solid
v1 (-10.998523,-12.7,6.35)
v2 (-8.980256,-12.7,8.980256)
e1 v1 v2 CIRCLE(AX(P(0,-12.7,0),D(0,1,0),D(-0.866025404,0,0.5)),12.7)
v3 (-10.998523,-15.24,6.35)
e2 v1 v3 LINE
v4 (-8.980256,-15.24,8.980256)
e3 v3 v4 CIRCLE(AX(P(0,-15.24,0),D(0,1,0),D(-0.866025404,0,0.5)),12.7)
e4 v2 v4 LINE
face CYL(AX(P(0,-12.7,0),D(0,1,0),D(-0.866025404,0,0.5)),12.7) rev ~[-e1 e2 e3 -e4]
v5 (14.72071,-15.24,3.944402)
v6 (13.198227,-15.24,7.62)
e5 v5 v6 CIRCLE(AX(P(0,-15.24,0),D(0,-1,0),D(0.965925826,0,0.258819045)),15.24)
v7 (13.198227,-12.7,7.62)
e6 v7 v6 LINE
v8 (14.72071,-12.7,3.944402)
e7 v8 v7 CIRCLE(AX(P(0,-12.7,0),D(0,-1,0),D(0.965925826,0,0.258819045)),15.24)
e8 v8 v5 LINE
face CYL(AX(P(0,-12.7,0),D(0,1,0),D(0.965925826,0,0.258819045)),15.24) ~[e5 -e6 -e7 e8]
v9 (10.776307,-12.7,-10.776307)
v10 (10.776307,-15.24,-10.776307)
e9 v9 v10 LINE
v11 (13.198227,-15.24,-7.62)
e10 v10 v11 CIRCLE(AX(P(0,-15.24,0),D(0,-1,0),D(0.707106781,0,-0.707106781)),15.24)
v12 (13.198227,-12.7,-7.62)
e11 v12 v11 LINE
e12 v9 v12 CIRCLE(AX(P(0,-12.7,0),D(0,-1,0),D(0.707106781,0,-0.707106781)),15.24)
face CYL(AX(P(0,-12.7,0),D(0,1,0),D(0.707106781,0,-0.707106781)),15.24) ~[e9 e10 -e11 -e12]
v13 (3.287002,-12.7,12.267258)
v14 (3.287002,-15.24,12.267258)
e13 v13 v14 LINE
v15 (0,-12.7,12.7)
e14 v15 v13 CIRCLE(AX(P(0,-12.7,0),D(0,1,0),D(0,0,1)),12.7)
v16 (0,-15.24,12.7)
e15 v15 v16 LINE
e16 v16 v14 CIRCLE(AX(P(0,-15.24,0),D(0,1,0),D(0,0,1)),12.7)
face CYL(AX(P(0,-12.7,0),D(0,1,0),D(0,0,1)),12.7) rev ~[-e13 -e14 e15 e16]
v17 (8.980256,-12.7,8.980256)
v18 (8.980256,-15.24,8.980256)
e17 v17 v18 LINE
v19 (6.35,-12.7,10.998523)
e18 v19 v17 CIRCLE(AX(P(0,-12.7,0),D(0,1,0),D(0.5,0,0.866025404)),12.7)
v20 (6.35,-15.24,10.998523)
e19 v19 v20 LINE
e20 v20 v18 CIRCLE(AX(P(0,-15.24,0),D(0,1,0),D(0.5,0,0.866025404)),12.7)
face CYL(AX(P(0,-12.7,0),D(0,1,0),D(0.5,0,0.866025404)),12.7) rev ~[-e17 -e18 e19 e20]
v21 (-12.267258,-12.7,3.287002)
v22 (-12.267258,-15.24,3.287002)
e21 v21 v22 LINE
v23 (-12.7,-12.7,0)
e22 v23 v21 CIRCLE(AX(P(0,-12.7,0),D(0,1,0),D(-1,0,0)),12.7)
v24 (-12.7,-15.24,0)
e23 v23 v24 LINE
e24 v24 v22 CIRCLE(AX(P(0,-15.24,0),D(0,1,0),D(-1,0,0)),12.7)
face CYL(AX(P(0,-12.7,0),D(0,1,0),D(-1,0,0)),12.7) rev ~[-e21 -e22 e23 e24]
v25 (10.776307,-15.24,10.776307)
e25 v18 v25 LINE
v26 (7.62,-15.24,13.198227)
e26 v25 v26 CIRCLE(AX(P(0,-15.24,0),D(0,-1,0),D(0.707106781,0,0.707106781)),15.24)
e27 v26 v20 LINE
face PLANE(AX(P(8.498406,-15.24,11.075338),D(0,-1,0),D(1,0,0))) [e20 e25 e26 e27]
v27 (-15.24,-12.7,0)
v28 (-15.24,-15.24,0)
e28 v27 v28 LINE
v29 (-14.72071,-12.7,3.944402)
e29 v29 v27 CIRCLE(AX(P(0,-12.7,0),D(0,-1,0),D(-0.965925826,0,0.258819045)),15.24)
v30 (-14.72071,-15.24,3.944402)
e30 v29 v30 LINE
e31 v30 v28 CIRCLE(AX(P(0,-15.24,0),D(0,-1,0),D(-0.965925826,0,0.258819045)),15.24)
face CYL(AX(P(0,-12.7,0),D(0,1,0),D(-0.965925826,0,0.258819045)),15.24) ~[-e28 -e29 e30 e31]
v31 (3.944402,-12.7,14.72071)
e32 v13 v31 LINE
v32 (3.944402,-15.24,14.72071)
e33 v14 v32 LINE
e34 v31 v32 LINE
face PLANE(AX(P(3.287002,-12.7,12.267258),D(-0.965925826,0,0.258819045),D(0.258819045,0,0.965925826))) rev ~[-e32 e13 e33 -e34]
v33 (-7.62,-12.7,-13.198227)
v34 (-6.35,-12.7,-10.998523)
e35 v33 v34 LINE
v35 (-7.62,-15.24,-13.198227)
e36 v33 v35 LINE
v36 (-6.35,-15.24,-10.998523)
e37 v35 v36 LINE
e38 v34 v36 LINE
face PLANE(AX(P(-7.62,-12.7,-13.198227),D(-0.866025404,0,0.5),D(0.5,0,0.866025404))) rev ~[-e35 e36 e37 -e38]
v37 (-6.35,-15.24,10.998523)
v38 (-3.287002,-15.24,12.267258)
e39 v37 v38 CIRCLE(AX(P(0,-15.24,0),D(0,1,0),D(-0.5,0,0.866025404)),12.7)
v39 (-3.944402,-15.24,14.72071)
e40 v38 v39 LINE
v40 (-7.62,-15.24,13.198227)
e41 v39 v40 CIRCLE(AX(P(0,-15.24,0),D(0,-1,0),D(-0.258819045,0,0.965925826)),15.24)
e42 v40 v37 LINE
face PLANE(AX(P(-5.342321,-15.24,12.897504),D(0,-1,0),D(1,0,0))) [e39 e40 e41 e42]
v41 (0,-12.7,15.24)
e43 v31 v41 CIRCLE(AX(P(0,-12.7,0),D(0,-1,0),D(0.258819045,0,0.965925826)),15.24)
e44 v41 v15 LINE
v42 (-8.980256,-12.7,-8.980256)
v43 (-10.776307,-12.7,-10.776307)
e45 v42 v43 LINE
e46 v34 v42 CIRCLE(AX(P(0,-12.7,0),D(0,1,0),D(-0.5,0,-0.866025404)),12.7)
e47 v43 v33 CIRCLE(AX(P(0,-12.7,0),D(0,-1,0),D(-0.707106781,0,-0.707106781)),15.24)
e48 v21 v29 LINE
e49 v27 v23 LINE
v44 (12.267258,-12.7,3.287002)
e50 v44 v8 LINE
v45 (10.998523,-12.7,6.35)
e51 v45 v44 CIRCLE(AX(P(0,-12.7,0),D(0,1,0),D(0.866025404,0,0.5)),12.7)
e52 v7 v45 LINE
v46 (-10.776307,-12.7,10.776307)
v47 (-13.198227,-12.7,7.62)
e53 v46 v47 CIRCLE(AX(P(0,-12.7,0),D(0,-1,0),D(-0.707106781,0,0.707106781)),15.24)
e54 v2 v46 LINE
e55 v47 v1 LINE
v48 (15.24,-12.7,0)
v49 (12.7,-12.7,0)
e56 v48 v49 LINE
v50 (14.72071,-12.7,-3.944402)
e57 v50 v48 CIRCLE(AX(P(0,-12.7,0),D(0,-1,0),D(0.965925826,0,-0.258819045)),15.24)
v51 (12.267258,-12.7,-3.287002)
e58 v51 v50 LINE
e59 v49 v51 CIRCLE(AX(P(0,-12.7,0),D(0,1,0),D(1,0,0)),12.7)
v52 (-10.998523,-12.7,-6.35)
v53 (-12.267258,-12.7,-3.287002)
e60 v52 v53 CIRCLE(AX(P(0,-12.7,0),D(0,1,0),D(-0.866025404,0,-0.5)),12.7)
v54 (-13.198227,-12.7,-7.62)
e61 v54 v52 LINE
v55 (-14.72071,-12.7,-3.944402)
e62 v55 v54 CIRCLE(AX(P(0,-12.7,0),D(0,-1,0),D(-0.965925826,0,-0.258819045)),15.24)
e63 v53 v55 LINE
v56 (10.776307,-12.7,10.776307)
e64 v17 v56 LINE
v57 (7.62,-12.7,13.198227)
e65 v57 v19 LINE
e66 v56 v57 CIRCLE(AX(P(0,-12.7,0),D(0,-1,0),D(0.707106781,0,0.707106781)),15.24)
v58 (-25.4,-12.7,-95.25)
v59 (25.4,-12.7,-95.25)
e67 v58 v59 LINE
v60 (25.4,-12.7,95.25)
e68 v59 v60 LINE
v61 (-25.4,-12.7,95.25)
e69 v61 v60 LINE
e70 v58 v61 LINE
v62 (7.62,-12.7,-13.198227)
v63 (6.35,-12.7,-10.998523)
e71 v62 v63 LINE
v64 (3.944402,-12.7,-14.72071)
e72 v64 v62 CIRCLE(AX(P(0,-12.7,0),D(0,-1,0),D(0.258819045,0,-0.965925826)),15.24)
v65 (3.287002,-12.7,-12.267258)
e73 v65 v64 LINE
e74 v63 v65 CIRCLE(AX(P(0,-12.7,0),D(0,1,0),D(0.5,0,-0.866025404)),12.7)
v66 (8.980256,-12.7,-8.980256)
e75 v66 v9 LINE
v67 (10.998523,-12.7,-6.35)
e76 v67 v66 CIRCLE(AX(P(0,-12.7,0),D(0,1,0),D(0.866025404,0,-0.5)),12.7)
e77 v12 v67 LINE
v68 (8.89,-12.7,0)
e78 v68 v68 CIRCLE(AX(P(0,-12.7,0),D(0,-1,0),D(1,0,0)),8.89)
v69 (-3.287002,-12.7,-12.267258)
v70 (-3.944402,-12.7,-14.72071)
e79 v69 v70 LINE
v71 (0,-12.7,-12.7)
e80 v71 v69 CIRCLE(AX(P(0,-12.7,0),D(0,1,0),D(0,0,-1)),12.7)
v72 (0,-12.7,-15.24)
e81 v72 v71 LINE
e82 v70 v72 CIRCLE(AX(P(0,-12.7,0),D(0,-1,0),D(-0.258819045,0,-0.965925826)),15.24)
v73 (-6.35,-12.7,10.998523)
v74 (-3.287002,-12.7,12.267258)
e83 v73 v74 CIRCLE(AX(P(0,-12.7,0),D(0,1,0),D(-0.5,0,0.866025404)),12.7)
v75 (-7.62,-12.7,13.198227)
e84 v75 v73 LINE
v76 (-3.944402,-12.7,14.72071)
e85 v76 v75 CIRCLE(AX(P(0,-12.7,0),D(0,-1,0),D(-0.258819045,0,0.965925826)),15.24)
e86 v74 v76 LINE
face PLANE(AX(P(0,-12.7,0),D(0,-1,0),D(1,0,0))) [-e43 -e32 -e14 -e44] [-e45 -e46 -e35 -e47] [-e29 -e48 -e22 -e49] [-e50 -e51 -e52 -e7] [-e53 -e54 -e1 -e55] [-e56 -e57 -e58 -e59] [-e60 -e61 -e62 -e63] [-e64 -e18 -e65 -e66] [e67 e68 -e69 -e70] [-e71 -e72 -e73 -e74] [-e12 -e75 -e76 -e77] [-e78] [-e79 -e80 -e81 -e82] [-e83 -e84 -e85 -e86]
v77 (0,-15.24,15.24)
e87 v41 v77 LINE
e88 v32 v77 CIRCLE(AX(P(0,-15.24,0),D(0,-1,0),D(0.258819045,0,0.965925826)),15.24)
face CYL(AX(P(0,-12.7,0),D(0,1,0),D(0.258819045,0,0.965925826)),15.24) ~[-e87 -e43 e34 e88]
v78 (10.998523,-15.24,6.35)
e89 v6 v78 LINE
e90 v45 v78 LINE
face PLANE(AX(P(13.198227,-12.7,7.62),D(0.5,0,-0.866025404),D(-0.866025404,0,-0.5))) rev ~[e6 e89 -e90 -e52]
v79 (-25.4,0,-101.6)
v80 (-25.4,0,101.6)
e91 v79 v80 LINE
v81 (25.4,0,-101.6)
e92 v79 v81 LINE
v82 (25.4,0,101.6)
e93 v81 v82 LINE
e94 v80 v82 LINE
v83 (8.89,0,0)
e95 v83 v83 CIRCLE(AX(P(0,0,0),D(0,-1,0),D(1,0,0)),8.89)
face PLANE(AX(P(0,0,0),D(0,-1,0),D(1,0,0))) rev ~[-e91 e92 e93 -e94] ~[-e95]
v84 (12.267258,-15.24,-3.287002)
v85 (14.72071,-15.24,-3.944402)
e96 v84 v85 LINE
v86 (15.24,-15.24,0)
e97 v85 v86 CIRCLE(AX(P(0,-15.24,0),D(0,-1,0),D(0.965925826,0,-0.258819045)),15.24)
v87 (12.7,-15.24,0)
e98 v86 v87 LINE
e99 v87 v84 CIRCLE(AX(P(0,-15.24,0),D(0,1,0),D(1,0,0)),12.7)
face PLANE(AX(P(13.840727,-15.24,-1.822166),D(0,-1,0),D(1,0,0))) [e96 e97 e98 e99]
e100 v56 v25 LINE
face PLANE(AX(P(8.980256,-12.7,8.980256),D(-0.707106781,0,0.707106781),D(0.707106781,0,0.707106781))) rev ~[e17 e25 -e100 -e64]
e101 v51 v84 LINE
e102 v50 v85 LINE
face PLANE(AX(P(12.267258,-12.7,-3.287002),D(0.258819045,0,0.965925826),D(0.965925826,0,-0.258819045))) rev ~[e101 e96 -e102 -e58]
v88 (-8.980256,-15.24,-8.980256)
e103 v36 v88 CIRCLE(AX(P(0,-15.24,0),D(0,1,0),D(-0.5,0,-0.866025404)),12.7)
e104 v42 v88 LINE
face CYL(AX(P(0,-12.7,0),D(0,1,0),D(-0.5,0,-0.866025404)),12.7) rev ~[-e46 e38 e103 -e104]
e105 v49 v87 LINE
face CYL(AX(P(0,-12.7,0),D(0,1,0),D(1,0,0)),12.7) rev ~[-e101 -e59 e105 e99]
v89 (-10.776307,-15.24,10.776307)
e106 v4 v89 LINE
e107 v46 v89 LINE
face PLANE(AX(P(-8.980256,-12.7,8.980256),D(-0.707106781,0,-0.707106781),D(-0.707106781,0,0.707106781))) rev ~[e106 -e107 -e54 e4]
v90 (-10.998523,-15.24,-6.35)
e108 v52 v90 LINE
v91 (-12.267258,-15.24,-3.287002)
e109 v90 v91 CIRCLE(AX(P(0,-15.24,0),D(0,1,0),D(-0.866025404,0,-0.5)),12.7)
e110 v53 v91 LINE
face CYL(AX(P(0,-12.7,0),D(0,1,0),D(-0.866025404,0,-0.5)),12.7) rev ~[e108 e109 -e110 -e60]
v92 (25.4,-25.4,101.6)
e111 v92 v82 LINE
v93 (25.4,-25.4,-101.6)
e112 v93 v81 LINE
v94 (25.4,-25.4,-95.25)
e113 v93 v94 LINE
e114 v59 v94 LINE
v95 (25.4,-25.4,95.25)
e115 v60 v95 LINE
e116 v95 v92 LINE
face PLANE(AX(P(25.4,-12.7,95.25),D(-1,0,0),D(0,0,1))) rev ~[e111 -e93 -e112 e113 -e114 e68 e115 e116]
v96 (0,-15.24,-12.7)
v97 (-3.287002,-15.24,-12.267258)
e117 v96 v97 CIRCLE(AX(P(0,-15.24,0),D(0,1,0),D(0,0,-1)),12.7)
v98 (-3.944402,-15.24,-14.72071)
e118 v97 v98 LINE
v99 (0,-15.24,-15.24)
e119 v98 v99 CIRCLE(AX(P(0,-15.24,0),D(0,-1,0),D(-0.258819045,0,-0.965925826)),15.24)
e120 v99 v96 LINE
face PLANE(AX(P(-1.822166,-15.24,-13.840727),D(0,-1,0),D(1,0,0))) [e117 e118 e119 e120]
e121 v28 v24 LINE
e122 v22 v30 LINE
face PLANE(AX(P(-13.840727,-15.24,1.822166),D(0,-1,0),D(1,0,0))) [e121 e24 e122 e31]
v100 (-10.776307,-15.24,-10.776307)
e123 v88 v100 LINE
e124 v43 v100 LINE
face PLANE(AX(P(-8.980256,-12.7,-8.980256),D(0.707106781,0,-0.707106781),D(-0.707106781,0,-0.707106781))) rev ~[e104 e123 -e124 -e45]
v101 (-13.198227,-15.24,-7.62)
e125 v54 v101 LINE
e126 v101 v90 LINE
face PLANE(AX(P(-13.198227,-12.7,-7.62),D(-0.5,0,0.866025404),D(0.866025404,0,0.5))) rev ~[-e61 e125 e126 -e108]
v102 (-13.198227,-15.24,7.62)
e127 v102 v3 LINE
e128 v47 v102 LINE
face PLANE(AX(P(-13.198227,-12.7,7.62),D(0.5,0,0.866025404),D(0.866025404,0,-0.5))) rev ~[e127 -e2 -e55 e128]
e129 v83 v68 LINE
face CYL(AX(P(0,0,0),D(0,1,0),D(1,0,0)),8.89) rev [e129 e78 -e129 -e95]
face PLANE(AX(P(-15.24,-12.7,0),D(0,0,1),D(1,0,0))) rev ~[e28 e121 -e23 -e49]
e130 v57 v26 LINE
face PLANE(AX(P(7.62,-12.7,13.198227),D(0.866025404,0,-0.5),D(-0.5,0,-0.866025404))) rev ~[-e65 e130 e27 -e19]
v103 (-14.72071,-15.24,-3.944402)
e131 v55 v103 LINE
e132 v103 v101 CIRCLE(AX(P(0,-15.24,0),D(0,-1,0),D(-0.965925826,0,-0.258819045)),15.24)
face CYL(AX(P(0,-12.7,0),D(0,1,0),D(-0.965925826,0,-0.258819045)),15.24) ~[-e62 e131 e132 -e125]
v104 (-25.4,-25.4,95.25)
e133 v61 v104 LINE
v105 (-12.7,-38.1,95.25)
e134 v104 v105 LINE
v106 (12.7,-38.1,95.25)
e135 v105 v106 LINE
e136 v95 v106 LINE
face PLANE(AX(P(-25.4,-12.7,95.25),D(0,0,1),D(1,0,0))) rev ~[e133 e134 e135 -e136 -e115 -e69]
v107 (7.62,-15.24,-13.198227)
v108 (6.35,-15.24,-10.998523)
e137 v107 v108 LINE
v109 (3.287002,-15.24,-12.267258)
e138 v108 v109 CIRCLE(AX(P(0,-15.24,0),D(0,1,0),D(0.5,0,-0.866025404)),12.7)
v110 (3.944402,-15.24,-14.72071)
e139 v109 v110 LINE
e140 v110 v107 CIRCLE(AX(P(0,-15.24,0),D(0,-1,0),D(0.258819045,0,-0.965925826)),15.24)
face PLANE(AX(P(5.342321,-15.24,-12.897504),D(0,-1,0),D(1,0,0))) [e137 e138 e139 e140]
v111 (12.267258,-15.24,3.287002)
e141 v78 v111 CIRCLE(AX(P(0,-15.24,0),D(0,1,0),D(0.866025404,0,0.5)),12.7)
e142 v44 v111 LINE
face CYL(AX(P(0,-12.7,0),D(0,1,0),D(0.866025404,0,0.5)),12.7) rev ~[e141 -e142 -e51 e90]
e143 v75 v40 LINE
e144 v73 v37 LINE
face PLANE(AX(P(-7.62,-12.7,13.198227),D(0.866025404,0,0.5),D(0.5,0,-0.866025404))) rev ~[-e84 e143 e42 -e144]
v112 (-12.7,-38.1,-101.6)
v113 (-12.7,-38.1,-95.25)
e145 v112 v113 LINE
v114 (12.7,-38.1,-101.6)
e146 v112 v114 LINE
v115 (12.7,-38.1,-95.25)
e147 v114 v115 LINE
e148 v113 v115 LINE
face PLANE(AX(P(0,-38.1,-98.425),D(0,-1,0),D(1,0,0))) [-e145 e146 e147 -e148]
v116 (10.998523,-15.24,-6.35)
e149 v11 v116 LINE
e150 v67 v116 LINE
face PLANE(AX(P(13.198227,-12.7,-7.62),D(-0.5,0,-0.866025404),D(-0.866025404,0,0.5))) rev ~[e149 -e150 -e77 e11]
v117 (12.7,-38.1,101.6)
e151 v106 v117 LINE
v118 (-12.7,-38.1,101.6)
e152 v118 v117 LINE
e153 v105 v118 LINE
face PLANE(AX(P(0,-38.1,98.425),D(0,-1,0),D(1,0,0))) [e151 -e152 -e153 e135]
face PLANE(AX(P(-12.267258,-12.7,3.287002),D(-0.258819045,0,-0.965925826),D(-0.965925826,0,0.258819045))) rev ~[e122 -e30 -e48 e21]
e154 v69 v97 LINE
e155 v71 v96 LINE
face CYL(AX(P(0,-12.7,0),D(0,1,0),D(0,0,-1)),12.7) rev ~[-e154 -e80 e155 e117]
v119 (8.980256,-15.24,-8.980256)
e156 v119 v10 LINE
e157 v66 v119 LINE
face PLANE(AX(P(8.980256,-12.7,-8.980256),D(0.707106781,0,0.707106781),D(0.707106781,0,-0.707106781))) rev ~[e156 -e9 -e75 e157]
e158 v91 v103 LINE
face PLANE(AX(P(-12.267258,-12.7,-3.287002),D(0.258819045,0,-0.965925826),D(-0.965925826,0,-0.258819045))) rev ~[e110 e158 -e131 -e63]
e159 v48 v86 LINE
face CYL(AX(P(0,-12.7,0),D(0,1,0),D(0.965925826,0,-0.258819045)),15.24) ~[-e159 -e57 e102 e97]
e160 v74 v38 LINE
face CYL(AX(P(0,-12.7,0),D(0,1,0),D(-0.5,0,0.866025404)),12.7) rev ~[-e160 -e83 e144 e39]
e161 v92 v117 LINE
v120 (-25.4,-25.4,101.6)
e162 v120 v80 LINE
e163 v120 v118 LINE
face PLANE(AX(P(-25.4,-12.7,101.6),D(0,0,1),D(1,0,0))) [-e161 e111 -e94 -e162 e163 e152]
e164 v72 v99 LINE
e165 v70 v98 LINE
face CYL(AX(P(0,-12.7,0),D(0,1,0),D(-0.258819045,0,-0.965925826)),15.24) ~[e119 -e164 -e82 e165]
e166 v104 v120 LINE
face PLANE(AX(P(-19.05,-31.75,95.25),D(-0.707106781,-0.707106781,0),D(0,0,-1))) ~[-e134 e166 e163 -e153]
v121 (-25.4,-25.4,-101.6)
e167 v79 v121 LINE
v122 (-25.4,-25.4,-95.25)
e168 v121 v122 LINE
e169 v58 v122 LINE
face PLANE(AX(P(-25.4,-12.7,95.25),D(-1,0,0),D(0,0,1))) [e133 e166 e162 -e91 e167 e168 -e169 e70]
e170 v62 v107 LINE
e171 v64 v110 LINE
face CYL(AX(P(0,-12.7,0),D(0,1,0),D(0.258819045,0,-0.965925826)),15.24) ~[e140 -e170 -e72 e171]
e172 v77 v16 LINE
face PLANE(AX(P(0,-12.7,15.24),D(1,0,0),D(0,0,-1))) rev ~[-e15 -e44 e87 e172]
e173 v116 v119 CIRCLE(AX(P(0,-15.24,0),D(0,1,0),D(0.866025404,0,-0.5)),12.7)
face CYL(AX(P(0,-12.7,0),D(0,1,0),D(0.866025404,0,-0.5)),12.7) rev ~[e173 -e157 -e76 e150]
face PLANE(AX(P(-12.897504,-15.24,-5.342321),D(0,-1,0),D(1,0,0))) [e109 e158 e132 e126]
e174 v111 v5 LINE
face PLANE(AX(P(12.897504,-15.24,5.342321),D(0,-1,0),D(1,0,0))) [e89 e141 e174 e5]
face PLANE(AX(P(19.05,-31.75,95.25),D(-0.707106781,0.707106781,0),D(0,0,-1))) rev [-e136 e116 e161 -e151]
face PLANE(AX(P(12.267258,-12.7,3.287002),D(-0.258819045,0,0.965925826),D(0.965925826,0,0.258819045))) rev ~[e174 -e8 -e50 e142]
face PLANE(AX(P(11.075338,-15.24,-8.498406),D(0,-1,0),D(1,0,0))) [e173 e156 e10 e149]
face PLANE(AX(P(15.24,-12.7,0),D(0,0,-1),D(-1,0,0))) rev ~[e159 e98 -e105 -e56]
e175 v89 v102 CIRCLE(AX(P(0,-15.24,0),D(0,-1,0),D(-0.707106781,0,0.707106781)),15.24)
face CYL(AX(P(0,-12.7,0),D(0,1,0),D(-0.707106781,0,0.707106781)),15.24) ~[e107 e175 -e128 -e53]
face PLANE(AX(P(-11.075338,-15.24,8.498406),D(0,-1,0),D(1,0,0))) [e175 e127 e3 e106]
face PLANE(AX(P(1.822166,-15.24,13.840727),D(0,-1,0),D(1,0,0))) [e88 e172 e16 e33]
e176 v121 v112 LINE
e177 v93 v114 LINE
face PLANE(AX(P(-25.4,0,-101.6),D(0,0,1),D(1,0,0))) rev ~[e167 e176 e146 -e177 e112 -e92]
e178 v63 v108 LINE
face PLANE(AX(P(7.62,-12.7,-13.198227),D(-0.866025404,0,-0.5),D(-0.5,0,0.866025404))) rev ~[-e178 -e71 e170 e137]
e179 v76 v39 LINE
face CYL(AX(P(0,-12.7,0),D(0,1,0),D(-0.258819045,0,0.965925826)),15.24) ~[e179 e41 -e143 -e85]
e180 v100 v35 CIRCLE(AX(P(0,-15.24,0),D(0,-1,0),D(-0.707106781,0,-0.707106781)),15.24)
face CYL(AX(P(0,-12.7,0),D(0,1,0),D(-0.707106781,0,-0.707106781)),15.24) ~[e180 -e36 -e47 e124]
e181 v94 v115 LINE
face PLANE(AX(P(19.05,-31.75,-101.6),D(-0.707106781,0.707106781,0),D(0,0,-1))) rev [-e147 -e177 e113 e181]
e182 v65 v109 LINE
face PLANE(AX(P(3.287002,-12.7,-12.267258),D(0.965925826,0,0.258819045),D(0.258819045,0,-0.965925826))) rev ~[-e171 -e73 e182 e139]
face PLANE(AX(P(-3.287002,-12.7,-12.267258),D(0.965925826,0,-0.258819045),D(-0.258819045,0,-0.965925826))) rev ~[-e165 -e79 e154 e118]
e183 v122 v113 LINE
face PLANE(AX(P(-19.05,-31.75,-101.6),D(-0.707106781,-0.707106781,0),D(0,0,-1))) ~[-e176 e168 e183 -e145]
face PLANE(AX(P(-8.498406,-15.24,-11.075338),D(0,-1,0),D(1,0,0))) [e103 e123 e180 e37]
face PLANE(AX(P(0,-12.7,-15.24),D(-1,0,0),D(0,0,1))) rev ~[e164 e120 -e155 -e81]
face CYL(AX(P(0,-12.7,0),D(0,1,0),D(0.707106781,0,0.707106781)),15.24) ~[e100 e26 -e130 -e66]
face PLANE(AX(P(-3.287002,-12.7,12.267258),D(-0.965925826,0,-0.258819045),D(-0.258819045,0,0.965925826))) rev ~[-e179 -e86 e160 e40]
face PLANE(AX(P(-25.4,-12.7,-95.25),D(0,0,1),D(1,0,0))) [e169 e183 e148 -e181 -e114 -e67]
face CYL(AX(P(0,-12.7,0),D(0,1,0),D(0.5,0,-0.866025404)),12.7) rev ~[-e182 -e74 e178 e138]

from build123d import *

# Parameters (mm, degrees)
F0_W     = 50.8
F0_H     = 203.2
F0_R     = 8.89
F1_DEPTH = 12.7
F3_DEPTH = 2.54
F4_W     = 50.8
F4_H     = 6.35
F5_DEPTH = 25.4
F6_SIZE  = 12.7


with BuildPart() as f1:
    # F0 (on Front) → F1 (new body)
    with BuildSketch(Plane.XZ):
        Rectangle(F0_W, F0_H)
        Circle(F0_R, mode=Mode.SUBTRACT)
    extrude(amount=F1_DEPTH)

    # F2 (on face) → F3 (join)
    with BuildSketch(Plane.XZ.offset(12.7)):
        with BuildLine():
            Line((-13.1982271537, 7.62), (-10.9985226281, 6.35))
            ThreePointArc((-10.9985226281, 6.35), (-10.0755874217, 7.7312701484), (-8.9802561211, 8.9802561211))
            Line((-8.9802561211, 8.9802561211), (-10.7763073453, 10.7763073453))
            ThreePointArc((-10.7763073453, 10.7763073453), (-12.090704906, 9.2775241781), (-13.1982271537, 7.62))
        make_face()
        with BuildLine():
            Line((-15.24, 0), (-12.7, 0))
            ThreePointArc((-12.7, 0), (-12.5913497394, 1.6576826412), (-12.2672579939, 3.2870018728))
            Line((-12.2672579939, 3.2870018728), (-14.7207095926, 3.9444022474))
            ThreePointArc((-14.7207095926, 3.9444022474), (-15.1096196873, 1.9892191694), (-15.24, 0))
        make_face()
        with BuildLine():
            Line((-13.1982271537, -7.62), (-10.9985226281, -6.35))
            ThreePointArc((-10.9985226281, -6.35), (-11.7332700629, -4.860079591), (-12.2672579939, -3.2870018728))
            Line((-12.2672579939, -3.2870018728), (-14.7207095926, -3.9444022474))
            ThreePointArc((-14.7207095926, -3.9444022474), (-14.0799240755, -5.8320955092), (-13.1982271537, -7.62))
        make_face()
        with BuildLine():
            Line((-7.62, -13.1982271537), (-6.35, -10.9985226281))
            ThreePointArc((-6.35, -10.9985226281), (-7.7312701484, -10.0755874217), (-8.9802561211, -8.9802561211))
            Line((-8.9802561211, -8.9802561211), (-10.7763073453, -10.7763073453))
            ThreePointArc((-10.7763073453, -10.7763073453), (-9.2775241781, -12.090704906), (-7.62, -13.1982271537))
        make_face()
        with BuildLine():
            Line((0, -15.24), (0, -12.7))
            ThreePointArc((0, -12.7), (-1.6576826412, -12.5913497394), (-3.2870018728, -12.2672579939))
            Line((-3.2870018728, -12.2672579939), (-3.9444022474, -14.7207095926))
            ThreePointArc((-3.9444022474, -14.7207095926), (-1.9892191694, -15.1096196873), (0, -15.24))
        make_face()
        with BuildLine():
            Line((7.62, -13.1982271537), (6.35, -10.9985226281))
            ThreePointArc((6.35, -10.9985226281), (4.860079591, -11.7332700629), (3.2870018728, -12.2672579939))
            Line((3.2870018728, -12.2672579939), (3.9444022474, -14.7207095926))
            ThreePointArc((3.9444022474, -14.7207095926), (5.8320955092, -14.0799240755), (7.62, -13.1982271537))
        make_face()
        with BuildLine():
            Line((13.1982271537, -7.62), (10.9985226281, -6.35))
            ThreePointArc((10.9985226281, -6.35), (10.0755874217, -7.7312701484), (8.9802561211, -8.9802561211))
            Line((8.9802561211, -8.9802561211), (10.7763073453, -10.7763073453))
            ThreePointArc((10.7763073453, -10.7763073453), (12.090704906, -9.2775241781), (13.1982271537, -7.62))
        make_face()
        with BuildLine():
            Line((15.24, 0), (12.7, 0))
            ThreePointArc((12.7, 0), (12.5913497394, -1.6576826412), (12.2672579939, -3.2870018728))
            Line((12.2672579939, -3.2870018728), (14.7207095926, -3.9444022474))
            ThreePointArc((14.7207095926, -3.9444022474), (15.1096196873, -1.9892191694), (15.24, 0))
        make_face()
        with BuildLine():
            ThreePointArc((10.9985226281, 6.35), (11.7332700629, 4.860079591), (12.2672579939, 3.2870018728))
            Line((12.2672579939, 3.2870018728), (14.7207095926, 3.9444022474))
            ThreePointArc((14.7207095926, 3.9444022474), (14.0799240755, 5.8320955092), (13.1982271537, 7.62))
            Line((13.1982271537, 7.62), (10.9985226281, 6.35))
        make_face()
        with BuildLine():
            Line((7.62, 13.1982271537), (6.35, 10.9985226281))
            ThreePointArc((6.35, 10.9985226281), (7.7312701484, 10.0755874217), (8.9802561211, 8.9802561211))
            Line((8.9802561211, 8.9802561211), (10.7763073453, 10.7763073453))
            ThreePointArc((10.7763073453, 10.7763073453), (9.2775241781, 12.090704906), (7.62, 13.1982271537))
        make_face()
        with BuildLine():
            Line((0, 15.24), (0, 12.7))
            ThreePointArc((0, 12.7), (1.6576826412, 12.5913497394), (3.2870018728, 12.2672579939))
            Line((3.2870018728, 12.2672579939), (3.9444022474, 14.7207095926))
            ThreePointArc((3.9444022474, 14.7207095926), (1.9892191694, 15.1096196873), (0, 15.24))
        make_face()
        with BuildLine():
            Line((-7.62, 13.1982271537), (-6.35, 10.9985226281))
            ThreePointArc((-6.35, 10.9985226281), (-4.860079591, 11.7332700629), (-3.2870018728, 12.2672579939))
            Line((-3.2870018728, 12.2672579939), (-3.9444022474, 14.7207095926))
            ThreePointArc((-3.9444022474, 14.7207095926), (-5.8320955092, 14.0799240755), (-7.62, 13.1982271537))
        make_face()
    extrude(amount=F3_DEPTH)

    # F4 (on face) → F5 (join)
    with BuildSketch(Plane.XZ.offset(12.7)):
        with Locations((0, 98.425)):
            Rectangle(F4_W, F4_H)
        with Locations((0, -98.425)):
            Rectangle(F4_W, F4_H)
    extrude(amount=F5_DEPTH)

    # F6
    f6_edges = [f1.edges().sort_by_distance(p)[0] for p in [
        (-25.4, -38.1, -98.425),
        (25.4, -38.1, -98.425),
        (25.4, -38.1, 98.425),
        (-25.4, -38.1, 98.425),
    ]]
    chamfer(f6_edges, length=F6_SIZE)


solid = f1.part
